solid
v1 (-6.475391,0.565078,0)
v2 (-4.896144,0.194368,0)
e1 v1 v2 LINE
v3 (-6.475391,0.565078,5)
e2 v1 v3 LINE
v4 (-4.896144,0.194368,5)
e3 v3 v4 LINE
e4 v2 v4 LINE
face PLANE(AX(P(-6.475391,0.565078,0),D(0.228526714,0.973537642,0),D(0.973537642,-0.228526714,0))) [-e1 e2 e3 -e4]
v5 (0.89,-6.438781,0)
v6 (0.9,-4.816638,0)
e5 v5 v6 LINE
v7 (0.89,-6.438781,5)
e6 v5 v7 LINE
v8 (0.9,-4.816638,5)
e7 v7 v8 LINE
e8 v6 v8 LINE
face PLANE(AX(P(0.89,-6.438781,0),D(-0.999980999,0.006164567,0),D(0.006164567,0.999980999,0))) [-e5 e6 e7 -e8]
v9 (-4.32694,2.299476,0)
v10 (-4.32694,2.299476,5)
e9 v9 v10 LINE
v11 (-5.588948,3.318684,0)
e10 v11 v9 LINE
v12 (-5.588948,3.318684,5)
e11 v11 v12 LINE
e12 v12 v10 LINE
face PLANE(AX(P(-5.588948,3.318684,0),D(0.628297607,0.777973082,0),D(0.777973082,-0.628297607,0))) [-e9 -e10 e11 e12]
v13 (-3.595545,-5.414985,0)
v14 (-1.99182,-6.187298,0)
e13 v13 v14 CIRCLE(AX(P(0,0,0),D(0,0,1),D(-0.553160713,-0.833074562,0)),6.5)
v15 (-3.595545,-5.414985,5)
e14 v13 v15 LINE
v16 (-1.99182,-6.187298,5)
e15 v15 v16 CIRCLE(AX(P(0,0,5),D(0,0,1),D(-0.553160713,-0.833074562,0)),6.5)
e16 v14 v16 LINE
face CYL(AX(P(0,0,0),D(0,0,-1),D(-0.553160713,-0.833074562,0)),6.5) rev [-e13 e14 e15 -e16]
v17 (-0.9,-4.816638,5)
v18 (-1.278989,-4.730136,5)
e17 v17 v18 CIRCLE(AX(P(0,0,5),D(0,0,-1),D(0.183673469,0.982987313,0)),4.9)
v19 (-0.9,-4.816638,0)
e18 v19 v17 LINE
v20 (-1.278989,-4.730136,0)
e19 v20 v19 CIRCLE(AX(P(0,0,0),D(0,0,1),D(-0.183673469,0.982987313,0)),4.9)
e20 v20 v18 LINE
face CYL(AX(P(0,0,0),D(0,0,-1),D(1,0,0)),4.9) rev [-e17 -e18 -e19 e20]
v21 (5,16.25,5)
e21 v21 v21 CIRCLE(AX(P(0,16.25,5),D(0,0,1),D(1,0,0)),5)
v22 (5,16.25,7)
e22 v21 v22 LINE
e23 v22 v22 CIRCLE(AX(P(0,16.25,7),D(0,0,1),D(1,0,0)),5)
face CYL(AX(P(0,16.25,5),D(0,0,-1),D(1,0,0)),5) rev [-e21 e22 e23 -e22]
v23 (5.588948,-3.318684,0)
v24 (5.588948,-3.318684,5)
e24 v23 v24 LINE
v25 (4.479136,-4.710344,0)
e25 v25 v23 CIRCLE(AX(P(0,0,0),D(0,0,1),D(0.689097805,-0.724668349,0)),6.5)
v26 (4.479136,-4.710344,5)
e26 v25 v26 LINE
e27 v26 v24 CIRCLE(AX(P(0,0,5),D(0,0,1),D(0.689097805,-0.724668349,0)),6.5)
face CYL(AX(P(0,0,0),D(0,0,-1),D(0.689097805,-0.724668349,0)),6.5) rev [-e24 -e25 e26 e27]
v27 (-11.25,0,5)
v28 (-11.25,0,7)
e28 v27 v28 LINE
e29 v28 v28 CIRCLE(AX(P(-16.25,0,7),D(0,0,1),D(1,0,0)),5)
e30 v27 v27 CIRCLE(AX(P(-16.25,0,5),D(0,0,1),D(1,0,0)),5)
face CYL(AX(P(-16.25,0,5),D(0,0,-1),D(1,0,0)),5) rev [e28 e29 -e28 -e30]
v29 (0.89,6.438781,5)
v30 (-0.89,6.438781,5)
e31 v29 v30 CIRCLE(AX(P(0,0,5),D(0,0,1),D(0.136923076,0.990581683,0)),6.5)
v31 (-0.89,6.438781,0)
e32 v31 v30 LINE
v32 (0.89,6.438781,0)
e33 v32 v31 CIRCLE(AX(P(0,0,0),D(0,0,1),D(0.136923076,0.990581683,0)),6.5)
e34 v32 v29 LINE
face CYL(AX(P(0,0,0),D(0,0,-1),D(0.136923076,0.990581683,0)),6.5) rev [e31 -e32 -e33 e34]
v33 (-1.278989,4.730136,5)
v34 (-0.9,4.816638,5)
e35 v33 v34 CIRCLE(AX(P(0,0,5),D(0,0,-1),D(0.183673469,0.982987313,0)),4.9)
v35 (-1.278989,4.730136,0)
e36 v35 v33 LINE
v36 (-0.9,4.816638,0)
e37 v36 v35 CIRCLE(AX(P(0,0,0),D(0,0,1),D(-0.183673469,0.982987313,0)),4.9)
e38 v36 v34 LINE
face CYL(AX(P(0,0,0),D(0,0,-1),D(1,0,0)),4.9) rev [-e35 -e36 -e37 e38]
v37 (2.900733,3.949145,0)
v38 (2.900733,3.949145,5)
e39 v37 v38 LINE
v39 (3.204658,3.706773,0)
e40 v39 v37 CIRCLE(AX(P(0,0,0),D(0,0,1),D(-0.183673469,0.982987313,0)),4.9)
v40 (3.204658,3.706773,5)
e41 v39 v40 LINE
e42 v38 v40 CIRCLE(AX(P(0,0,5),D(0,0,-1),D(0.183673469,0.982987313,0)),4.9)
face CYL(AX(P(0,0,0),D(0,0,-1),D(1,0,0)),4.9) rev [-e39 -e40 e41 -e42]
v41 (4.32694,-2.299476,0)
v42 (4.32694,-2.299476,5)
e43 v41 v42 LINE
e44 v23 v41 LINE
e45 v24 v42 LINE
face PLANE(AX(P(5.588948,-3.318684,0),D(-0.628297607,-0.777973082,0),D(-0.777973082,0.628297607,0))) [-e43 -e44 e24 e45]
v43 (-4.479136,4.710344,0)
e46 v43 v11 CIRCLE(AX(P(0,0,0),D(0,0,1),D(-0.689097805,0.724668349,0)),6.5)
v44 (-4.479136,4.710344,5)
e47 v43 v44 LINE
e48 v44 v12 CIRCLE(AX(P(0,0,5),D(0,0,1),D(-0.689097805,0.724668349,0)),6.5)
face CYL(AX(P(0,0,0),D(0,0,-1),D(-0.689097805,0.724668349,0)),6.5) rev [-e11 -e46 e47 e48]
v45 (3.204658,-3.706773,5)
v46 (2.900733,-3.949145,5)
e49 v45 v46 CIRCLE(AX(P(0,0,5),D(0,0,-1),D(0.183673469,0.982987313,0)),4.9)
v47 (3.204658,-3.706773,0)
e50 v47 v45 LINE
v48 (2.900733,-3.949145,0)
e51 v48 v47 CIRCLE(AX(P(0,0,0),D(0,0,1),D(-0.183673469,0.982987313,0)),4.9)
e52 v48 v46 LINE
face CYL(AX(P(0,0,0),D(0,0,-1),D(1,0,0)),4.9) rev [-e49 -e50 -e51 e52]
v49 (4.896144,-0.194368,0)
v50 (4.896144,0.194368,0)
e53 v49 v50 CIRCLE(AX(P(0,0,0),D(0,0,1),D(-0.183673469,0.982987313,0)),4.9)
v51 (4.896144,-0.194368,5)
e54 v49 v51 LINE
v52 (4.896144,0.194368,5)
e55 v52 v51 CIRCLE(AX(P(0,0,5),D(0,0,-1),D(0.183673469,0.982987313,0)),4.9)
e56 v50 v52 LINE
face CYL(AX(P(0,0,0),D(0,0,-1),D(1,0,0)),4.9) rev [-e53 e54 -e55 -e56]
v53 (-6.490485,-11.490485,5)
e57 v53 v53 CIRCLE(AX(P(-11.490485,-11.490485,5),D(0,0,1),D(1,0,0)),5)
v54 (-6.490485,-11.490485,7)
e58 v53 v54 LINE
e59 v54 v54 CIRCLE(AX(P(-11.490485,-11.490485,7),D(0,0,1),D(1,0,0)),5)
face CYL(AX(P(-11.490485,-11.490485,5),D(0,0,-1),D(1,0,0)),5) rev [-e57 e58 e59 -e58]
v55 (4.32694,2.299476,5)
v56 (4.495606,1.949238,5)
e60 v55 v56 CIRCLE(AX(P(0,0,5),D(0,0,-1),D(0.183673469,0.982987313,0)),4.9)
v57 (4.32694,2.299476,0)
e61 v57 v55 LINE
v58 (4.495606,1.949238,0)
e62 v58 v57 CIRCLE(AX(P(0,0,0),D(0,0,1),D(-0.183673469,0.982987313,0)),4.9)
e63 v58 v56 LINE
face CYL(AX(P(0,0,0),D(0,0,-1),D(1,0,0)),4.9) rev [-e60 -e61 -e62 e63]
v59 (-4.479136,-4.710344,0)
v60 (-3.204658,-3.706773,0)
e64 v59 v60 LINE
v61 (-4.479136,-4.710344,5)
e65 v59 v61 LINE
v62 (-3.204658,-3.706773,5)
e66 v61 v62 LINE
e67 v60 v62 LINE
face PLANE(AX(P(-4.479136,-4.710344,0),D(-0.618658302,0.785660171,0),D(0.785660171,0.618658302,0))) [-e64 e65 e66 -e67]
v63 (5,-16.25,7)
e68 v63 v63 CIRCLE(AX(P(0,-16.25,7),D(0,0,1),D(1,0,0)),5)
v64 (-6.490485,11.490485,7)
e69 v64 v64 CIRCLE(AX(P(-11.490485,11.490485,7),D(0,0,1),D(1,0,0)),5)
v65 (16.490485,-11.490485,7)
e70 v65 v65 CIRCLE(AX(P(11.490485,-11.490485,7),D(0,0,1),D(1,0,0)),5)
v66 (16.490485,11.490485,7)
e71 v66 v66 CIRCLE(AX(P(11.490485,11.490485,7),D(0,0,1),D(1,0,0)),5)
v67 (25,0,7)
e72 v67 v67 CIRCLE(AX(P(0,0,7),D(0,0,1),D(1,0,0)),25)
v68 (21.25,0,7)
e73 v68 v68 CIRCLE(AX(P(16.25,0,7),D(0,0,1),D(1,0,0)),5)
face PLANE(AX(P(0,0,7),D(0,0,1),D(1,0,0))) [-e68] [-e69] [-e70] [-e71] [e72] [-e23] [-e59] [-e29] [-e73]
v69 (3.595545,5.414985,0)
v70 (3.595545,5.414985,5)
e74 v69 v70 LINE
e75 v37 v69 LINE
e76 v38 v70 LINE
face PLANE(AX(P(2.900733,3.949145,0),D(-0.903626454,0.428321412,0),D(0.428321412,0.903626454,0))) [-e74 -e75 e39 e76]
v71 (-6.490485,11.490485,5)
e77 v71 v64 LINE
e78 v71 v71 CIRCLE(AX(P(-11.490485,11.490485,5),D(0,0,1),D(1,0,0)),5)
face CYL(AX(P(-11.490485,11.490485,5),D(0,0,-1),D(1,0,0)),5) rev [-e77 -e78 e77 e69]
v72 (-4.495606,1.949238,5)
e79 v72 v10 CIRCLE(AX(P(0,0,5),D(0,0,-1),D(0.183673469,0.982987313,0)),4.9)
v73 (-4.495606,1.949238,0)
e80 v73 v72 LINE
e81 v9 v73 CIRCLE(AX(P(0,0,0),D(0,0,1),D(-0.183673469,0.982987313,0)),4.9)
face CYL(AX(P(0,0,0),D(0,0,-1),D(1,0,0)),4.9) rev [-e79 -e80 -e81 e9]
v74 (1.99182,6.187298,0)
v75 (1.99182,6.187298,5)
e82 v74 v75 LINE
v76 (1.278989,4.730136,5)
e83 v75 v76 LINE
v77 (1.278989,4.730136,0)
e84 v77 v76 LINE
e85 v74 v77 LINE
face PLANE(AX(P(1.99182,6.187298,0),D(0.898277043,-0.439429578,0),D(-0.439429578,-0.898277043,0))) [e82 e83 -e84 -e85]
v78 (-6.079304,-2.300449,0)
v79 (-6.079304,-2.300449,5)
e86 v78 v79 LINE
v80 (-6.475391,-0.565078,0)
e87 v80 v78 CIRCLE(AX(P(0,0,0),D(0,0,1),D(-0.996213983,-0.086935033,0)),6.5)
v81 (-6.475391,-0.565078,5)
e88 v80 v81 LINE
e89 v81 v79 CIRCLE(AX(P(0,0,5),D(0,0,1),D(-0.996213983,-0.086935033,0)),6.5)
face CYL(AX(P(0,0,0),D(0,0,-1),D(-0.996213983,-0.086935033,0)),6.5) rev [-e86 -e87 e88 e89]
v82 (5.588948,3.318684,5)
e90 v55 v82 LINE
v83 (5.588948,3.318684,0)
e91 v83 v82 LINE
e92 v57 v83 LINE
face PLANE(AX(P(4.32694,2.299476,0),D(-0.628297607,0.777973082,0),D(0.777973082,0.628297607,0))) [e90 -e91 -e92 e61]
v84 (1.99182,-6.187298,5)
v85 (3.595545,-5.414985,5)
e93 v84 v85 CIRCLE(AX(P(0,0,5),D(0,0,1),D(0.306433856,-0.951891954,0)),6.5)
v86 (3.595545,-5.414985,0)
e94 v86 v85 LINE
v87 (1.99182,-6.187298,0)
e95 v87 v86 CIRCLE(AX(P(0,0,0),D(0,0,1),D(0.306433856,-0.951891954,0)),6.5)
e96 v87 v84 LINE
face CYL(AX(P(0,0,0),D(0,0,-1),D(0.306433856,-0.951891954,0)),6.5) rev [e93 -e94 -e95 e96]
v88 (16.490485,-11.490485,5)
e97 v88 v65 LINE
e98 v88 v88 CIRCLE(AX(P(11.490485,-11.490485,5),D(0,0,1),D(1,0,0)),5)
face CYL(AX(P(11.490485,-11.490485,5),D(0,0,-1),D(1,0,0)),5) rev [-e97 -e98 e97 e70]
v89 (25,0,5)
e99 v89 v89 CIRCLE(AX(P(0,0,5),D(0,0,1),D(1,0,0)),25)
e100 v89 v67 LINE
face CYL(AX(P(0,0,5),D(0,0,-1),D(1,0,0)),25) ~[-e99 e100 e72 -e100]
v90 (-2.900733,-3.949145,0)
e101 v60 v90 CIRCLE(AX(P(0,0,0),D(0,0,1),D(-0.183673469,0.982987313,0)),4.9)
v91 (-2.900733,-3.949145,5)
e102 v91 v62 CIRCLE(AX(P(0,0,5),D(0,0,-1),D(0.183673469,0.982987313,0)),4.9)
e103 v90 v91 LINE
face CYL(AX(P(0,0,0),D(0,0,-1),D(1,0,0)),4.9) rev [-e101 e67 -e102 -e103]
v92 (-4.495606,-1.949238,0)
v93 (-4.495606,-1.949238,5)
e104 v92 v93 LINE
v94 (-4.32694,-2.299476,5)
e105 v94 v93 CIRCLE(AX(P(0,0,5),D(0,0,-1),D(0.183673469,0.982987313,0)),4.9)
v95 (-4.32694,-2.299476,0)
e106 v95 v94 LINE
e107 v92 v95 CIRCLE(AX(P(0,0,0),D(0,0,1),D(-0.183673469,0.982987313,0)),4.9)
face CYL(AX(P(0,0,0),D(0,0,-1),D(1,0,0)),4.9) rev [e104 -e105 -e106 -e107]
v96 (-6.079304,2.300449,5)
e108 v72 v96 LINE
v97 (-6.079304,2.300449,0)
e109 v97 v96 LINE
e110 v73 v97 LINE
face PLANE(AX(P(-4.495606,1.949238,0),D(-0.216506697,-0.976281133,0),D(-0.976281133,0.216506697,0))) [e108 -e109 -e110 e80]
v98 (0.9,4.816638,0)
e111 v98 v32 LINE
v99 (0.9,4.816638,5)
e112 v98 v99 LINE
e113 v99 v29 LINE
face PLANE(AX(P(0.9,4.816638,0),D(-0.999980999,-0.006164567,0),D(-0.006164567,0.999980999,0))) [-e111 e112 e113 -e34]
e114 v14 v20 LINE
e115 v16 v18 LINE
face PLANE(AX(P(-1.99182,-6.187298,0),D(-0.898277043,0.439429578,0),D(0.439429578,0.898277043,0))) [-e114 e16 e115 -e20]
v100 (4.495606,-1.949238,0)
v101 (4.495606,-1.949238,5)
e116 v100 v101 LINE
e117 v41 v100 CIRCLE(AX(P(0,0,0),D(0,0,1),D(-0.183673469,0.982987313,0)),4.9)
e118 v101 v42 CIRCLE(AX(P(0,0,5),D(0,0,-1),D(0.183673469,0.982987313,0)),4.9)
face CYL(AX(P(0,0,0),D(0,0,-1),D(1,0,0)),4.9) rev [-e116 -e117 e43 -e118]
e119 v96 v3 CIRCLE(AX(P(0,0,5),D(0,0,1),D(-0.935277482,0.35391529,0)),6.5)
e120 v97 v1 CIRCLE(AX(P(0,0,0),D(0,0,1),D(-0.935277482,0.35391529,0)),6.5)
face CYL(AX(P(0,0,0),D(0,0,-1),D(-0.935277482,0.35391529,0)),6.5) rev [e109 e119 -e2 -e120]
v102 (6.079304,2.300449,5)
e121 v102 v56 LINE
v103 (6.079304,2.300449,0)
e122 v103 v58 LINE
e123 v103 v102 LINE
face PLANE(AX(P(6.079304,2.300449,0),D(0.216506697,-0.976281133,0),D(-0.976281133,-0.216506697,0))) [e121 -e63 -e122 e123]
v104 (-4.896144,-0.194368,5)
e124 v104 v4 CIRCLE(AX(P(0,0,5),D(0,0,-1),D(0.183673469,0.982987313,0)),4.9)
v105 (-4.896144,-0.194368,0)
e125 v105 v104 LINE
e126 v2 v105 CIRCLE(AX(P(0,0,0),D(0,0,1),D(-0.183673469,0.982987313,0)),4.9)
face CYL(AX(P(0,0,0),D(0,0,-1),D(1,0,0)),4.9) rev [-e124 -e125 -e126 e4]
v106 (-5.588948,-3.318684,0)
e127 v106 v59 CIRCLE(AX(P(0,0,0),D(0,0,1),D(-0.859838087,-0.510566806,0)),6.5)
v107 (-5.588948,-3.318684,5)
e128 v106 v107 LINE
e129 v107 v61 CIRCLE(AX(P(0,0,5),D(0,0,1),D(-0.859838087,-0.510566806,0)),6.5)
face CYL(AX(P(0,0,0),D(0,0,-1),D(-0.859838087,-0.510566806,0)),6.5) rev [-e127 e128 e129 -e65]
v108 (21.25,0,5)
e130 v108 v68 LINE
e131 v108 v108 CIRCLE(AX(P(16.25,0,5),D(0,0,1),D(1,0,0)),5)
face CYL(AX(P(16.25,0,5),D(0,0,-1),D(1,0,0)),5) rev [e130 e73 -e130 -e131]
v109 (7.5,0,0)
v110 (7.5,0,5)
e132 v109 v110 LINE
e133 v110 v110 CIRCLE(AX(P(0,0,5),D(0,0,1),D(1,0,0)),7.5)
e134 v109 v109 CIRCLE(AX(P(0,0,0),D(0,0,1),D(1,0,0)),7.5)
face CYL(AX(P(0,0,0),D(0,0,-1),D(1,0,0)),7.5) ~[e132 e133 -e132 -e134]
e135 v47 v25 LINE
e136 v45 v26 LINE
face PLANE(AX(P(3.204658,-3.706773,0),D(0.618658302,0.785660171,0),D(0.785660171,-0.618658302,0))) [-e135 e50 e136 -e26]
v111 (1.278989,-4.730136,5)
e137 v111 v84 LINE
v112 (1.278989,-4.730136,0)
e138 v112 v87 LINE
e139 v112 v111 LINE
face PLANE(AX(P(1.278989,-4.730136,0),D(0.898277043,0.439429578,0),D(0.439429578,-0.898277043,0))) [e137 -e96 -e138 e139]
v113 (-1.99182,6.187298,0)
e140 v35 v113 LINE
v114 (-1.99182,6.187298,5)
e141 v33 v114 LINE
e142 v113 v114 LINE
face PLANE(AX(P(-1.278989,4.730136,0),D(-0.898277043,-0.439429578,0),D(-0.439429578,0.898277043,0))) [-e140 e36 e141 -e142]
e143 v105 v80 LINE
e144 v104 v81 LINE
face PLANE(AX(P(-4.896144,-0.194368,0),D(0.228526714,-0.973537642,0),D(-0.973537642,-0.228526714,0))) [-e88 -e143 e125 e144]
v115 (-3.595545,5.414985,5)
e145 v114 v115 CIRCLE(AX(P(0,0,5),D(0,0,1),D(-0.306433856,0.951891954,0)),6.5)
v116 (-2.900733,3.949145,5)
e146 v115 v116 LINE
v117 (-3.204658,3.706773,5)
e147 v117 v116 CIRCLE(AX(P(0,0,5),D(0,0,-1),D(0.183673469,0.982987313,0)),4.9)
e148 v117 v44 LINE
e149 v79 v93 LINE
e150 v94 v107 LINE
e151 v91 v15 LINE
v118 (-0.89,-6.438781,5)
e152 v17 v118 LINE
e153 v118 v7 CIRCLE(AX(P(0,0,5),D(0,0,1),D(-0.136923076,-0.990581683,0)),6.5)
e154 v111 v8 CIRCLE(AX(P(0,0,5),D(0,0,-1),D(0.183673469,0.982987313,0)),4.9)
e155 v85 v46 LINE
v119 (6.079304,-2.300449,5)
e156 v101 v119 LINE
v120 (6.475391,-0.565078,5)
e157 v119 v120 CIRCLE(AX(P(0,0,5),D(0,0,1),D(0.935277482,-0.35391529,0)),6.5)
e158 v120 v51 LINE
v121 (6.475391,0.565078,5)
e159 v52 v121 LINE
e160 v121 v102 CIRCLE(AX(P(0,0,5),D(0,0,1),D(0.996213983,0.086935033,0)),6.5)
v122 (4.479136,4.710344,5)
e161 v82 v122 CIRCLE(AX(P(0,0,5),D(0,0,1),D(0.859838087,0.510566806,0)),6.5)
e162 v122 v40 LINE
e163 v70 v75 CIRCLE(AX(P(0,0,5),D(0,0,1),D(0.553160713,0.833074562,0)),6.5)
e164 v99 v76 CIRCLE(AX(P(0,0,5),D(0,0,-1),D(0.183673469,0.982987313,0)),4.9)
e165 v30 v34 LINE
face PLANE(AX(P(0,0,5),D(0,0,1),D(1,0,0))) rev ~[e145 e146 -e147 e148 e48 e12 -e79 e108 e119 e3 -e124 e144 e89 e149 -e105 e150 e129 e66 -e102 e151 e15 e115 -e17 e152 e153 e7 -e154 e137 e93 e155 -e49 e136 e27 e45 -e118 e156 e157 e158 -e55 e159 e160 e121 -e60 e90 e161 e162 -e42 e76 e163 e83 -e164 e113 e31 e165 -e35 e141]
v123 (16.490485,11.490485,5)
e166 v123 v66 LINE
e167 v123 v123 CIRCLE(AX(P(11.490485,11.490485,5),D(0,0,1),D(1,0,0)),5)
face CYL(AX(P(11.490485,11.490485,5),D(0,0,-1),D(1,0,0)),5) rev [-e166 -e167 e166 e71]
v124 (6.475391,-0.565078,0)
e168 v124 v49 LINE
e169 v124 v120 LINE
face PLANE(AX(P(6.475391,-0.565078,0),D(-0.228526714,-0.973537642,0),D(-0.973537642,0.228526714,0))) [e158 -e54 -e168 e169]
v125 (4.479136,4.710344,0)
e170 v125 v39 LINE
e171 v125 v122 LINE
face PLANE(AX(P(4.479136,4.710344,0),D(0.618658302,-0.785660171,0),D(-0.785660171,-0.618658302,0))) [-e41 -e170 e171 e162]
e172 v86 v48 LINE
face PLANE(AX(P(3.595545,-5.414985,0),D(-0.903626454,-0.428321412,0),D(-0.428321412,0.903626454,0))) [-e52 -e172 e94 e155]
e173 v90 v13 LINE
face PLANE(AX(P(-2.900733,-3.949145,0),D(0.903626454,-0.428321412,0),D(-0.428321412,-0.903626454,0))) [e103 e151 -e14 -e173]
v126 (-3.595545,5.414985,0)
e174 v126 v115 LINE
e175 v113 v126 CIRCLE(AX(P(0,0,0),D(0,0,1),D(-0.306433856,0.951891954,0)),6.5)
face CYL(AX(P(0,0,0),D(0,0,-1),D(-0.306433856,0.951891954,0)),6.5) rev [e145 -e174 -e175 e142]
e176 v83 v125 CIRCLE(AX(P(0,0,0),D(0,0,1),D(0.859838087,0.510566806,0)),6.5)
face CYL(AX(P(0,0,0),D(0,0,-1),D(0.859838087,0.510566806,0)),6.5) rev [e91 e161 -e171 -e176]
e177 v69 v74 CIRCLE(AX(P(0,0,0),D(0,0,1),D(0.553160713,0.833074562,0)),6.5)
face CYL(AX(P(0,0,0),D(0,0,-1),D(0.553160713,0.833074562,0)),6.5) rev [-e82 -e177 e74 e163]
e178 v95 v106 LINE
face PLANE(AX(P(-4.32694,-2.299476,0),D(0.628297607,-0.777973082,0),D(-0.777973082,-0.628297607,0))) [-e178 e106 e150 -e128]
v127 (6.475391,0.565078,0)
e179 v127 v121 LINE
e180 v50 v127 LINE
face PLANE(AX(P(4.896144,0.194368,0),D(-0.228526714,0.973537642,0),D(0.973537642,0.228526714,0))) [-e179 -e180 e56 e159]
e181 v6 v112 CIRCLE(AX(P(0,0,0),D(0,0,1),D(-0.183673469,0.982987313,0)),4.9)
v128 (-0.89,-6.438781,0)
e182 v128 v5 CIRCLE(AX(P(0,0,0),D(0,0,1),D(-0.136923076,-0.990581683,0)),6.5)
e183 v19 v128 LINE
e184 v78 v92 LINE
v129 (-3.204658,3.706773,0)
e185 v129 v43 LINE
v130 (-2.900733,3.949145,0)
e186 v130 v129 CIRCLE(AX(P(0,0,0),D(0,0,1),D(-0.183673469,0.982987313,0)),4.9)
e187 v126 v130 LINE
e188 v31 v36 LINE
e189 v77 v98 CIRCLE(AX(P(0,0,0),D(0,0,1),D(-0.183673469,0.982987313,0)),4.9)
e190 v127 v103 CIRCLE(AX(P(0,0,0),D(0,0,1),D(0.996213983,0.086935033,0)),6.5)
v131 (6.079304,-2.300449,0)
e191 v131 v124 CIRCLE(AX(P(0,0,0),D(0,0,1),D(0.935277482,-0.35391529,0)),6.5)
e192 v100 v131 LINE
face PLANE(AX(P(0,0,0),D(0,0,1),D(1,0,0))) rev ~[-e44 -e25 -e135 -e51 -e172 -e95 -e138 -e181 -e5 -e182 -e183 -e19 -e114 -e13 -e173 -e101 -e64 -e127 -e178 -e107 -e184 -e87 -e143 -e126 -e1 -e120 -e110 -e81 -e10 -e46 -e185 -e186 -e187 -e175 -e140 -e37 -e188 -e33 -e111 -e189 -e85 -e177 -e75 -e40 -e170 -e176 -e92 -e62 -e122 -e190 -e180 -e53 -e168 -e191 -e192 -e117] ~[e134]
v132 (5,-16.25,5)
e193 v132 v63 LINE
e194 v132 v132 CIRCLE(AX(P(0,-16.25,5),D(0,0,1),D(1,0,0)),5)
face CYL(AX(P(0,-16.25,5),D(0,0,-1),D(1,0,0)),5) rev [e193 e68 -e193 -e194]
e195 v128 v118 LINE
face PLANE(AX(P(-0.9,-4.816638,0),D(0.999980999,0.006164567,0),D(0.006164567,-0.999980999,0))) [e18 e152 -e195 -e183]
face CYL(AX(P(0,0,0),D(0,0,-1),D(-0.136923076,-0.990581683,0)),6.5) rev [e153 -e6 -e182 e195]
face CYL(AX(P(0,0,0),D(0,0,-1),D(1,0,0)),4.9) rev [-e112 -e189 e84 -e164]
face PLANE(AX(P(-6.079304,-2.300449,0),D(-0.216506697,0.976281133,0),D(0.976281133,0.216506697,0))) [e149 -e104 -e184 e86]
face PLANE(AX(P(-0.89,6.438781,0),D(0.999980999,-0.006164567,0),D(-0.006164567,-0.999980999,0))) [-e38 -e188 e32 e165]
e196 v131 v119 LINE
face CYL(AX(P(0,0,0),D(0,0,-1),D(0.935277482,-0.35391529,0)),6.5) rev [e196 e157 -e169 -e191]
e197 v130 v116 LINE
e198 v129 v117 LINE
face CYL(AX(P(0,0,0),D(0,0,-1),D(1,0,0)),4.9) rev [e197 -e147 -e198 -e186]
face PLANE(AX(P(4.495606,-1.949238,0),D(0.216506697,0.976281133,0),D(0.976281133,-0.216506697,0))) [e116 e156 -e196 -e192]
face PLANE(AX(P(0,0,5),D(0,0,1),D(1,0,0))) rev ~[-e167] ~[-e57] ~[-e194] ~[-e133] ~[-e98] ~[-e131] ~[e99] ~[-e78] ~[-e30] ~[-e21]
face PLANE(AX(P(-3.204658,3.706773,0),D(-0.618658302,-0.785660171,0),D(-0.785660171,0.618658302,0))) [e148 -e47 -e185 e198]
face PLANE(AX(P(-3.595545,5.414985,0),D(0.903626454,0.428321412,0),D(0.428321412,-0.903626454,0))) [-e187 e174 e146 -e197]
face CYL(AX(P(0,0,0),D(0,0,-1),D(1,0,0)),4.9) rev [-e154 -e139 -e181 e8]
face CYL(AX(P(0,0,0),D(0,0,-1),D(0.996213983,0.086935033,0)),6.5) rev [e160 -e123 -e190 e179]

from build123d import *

# Parameters (mm, degrees)
ESBO_O1_R                = 7.5
ESBO_O1_R_2              = 4.9
RESSALTO_EXTRUS_O1_DEPTH = 5
CORTE_EXTRUS_O1_DEPTH    = 5
PADR_OCIRCULAR2_COUNT    = 14
ESBO_O2_R                = 25
ESBO_O2_R_2              = 5
RESSALTO_EXTRUS_O2_DEPTH = 2


with BuildPart() as part:
    # Esboço1 → Ressalto-extrusão1 (new body)
    with BuildSketch(Plane.XY):
        Circle(ESBO_O1_R)
        Circle(ESBO_O1_R_2, mode=Mode.SUBTRACT)
    extrude(amount=RESSALTO_EXTRUS_O1_DEPTH)

    # Esboço1<3> → Corte-extrusão1 (cut)
    with BuildSketch(Plane.XY):
        with BuildLine():
            Line((0.9, 4.816637832), (0.89, 6.438780941))
            ThreePointArc((0.89, 6.438780941), (0, 6.5), (-0.89, 6.438780941))
            Line((-0.89, 6.438780941), (-0.9, 4.816637832))
            ThreePointArc((-0.9, 4.816637832), (0, 4.9), (0.9, 4.816637832))
        make_face()
    corte_extrus_o1 = extrude(amount=CORTE_EXTRUS_O1_DEPTH, mode=Mode.SUBTRACT)

    # PadrãoCircular2: Corte-extrusão1 ×14 about axis
    padr_ocircular2_axis = Axis((0, 0, 5), (0, 0, -1))
    for i in range(1, PADR_OCIRCULAR2_COUNT):
        add(corte_extrus_o1.rotate(padr_ocircular2_axis, i * 360 / PADR_OCIRCULAR2_COUNT), mode=Mode.SUBTRACT)

    # Esboço2 → Ressalto-extrusão2 (add)
    with BuildSketch(Plane.XY.offset(5)):
        Circle(ESBO_O2_R)
        with Locations((0, 16.25)):
            Circle(ESBO_O2_R_2, mode=Mode.SUBTRACT)
        with Locations((11.490485194, 11.490485194)):
            Circle(ESBO_O2_R_2, mode=Mode.SUBTRACT)
        with Locations((16.25, 0)):
            Circle(ESBO_O2_R_2, mode=Mode.SUBTRACT)
        with Locations((11.490485194, -11.490485194)):
            Circle(ESBO_O2_R_2, mode=Mode.SUBTRACT)
        with Locations((0, -16.25)):
            Circle(ESBO_O2_R_2, mode=Mode.SUBTRACT)
        with Locations((-11.490485194, -11.490485194)):
            Circle(ESBO_O2_R_2, mode=Mode.SUBTRACT)
        with Locations((-16.25, 0)):
            Circle(ESBO_O2_R_2, mode=Mode.SUBTRACT)
        with Locations((-11.490485194, 11.490485194)):
            Circle(ESBO_O2_R_2, mode=Mode.SUBTRACT)
    extrude(amount=RESSALTO_EXTRUS_O2_DEPTH)


solid = part.part
